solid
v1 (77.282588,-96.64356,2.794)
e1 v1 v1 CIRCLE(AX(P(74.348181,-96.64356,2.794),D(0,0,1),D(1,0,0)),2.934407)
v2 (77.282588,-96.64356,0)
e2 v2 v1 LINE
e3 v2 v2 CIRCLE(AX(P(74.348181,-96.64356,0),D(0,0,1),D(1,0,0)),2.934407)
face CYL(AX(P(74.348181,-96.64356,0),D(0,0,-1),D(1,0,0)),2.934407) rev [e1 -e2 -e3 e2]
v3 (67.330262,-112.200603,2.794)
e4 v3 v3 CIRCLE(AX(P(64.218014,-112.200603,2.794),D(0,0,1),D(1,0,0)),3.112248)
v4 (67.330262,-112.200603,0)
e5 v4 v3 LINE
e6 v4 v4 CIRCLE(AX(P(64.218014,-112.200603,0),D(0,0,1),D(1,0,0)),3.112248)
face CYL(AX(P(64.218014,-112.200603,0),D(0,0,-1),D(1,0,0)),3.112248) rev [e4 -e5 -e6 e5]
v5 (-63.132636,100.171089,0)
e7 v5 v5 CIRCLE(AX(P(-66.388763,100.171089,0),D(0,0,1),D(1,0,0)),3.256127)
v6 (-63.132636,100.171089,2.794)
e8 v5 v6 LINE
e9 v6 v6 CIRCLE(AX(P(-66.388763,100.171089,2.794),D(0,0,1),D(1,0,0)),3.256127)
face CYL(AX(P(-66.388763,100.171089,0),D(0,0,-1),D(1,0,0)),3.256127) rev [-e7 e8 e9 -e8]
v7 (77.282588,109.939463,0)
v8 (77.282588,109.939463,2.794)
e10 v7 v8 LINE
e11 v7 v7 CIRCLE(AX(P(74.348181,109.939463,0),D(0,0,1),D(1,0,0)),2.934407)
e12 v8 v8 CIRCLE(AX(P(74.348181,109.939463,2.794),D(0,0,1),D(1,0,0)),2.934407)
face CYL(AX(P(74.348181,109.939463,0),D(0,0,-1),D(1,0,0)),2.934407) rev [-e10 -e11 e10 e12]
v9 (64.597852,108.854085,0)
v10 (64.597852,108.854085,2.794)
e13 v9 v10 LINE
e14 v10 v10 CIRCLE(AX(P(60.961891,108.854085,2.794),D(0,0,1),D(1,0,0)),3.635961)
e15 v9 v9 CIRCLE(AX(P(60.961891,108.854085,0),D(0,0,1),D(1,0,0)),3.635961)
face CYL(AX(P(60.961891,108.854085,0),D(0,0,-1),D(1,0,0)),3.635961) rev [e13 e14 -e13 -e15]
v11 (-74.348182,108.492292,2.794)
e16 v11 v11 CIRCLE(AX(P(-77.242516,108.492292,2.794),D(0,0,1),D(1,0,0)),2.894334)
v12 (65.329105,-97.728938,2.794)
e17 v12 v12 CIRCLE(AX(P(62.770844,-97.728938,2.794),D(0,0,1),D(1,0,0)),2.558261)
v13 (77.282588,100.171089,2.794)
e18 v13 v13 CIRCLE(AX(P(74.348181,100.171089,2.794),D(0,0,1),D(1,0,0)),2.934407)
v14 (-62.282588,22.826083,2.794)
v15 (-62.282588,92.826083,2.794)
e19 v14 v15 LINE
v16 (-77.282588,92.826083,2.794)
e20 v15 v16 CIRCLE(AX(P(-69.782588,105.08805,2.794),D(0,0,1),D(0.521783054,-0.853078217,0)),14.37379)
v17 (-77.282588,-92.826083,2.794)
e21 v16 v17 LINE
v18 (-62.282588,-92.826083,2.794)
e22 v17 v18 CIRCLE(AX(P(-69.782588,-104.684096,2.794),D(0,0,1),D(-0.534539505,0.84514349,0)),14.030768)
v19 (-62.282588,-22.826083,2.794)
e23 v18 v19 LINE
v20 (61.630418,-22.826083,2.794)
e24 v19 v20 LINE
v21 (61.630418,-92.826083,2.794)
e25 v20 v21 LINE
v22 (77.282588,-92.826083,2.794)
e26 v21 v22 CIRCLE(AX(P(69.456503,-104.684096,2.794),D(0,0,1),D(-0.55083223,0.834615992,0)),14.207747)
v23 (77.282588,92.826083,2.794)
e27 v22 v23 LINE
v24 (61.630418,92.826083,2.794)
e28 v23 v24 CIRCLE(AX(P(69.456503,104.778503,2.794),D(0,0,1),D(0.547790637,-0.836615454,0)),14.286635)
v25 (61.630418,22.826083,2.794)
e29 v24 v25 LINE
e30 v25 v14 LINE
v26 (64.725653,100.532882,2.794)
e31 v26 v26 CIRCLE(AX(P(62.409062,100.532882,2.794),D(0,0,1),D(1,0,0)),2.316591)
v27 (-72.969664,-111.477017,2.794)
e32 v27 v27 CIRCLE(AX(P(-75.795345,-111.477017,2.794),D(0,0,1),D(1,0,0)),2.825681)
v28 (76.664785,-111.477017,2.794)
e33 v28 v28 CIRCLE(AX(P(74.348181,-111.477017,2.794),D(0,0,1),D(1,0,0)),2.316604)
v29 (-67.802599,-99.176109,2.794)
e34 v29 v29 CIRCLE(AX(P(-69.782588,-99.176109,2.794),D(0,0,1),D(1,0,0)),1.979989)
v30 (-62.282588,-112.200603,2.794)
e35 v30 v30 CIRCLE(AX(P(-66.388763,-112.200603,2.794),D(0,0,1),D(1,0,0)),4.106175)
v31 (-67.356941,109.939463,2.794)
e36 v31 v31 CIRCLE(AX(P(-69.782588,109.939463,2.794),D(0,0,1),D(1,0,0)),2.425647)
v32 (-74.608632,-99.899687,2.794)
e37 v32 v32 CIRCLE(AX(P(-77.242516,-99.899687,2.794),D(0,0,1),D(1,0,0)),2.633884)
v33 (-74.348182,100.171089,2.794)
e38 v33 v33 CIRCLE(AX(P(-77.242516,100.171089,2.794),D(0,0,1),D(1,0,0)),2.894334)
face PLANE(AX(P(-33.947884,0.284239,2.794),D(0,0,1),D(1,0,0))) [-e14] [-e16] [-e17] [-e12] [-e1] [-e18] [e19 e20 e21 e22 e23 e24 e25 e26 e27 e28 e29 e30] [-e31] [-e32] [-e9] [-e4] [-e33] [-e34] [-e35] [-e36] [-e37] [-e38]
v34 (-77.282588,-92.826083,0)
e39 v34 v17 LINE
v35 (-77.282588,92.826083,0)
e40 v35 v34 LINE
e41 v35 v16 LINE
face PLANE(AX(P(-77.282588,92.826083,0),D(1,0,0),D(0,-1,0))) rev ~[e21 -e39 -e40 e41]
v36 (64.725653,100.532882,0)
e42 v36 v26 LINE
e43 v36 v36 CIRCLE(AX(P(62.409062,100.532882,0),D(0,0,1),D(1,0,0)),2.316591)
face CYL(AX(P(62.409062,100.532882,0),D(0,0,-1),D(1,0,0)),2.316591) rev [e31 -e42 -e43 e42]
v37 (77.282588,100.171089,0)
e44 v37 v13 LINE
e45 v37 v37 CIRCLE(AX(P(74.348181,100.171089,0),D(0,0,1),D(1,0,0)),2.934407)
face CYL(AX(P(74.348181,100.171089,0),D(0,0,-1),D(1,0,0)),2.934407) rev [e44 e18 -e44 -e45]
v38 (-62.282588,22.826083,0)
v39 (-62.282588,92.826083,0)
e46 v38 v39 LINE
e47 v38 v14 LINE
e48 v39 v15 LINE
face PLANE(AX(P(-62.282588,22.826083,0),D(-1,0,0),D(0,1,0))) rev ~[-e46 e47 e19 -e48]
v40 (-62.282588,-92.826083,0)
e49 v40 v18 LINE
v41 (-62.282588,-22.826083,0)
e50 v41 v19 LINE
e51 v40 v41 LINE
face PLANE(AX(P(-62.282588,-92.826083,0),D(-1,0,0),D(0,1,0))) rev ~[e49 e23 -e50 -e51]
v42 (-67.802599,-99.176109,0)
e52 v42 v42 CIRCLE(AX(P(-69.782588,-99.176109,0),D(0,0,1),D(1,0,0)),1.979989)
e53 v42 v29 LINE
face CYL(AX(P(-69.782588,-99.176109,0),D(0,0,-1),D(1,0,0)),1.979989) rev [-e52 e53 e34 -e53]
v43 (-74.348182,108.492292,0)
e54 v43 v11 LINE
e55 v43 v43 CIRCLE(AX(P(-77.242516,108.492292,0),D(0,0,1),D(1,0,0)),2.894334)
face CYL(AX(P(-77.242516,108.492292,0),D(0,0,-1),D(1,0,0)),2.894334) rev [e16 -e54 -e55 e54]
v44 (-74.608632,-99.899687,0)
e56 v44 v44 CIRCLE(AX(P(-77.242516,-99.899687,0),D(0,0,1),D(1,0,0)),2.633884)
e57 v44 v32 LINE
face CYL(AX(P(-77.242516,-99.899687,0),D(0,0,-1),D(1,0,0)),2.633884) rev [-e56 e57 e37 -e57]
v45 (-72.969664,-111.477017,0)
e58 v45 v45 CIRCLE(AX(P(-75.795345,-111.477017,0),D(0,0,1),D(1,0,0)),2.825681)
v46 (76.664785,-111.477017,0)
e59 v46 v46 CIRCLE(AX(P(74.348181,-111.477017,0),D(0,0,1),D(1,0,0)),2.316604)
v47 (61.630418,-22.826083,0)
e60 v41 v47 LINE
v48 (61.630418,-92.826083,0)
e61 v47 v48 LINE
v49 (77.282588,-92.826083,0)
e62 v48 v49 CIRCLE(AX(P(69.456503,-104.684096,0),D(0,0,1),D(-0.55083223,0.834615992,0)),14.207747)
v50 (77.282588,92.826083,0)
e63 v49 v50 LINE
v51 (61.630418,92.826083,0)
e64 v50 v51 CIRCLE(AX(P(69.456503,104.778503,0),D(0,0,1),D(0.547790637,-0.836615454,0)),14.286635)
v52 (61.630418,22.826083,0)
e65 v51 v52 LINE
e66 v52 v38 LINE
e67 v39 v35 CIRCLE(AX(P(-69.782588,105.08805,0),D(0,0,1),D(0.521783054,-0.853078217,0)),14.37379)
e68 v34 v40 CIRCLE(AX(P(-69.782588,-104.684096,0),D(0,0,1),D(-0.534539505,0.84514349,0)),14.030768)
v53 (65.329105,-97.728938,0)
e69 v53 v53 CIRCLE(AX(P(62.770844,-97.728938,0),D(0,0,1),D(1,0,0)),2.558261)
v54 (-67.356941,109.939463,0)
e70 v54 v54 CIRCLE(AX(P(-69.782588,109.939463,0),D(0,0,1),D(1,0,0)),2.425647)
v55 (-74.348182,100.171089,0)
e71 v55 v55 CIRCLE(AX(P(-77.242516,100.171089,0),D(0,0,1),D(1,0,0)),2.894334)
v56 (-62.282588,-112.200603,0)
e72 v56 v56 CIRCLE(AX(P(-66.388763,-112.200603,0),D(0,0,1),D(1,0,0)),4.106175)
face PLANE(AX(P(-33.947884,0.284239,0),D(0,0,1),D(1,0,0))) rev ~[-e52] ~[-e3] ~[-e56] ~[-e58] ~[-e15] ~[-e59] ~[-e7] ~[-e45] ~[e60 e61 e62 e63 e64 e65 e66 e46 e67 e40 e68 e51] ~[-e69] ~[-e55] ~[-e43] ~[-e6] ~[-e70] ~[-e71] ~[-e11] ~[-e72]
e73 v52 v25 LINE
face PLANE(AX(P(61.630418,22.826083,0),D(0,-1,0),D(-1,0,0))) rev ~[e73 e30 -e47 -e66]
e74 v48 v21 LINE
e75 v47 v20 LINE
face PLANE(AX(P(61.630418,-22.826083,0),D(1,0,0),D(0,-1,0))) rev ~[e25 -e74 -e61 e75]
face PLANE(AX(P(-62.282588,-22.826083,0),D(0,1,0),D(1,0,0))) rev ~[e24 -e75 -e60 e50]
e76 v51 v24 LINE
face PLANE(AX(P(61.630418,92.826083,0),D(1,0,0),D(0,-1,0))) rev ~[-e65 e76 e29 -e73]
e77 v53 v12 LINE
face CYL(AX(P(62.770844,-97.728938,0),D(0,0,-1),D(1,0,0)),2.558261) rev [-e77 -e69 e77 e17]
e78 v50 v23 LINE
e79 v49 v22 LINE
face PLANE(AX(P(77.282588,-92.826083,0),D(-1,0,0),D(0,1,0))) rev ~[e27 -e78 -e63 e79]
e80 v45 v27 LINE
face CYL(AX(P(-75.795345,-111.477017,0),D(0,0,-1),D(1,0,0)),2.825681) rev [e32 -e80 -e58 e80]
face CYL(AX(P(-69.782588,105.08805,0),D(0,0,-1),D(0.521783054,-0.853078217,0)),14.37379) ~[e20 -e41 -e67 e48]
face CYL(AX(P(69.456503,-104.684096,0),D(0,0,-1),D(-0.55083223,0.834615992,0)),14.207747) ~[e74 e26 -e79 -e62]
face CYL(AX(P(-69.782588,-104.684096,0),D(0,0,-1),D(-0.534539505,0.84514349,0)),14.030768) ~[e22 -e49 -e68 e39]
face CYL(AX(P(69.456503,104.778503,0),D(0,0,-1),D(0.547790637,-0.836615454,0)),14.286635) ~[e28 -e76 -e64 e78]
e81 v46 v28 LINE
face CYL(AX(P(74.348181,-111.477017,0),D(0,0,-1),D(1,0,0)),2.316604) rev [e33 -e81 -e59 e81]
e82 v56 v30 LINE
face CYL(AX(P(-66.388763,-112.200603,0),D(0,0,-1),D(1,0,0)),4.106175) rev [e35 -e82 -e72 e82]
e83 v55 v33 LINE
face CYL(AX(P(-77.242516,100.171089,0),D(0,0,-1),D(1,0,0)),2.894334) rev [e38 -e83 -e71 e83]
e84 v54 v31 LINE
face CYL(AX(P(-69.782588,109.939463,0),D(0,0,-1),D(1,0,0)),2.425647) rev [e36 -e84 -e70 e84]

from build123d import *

# Parameters (mm, degrees)
F0_R     = 2.825681
F0_R_2   = 4.106175
F0_R_3   = 2.633884
F0_R_4   = 1.979989
F0_R_5   = 2.894334
F0_R_6   = 3.256127
F0_R_7   = 2.425647
F0_R_8   = 2.316591
F0_R_9   = 3.635961
F0_R_10  = 2.934407
F0_R_11  = 3.112248
F0_R_12  = 2.316604
F0_R_13  = 2.558261
F1_DEPTH = 2.794


with BuildPart() as f1:
    # F0 (on Top) → F1 (new body)
    with BuildSketch(Plane.XY):
        with BuildLine():
            Line((77.282588, -22.826083), (77.282588, 22.826083))
            Line((77.282588, 22.826083), (61.630418, 22.826083))
            Line((61.630418, 22.826083), (-62.282588, 22.826083))
            Line((-62.282588, 22.826083), (-62.282588, 92.826083))
            ThreePointArc((-62.282588, 92.826083), (-69.782588, 119.46184), (-77.282588, 92.826083))
            Line((-77.282588, 92.826083), (-77.282588, 22.826083))
            Line((-77.282588, 22.826083), (-77.282588, -22.826083))
            Line((-77.282588, -22.826083), (-77.282588, -92.826083))
            ThreePointArc((-77.282588, -92.826083), (-69.782588, -118.714864), (-62.282588, -92.826083))
            Line((-62.282588, -92.826083), (-62.282588, -22.826083))
            Line((-62.282588, -22.826083), (61.630418, -22.826083))
            Line((61.630418, -22.826083), (77.282588, -22.826083))
        make_face()
        with Locations((-75.795345, -111.477017)):
            Circle(F0_R, mode=Mode.SUBTRACT)
        with Locations((-66.388763, -112.200603)):
            Circle(F0_R_2, mode=Mode.SUBTRACT)
        with Locations((-77.242516, -99.899687)):
            Circle(F0_R_3, mode=Mode.SUBTRACT)
        with Locations((-69.782588, -99.176109)):
            Circle(F0_R_4, mode=Mode.SUBTRACT)
        with Locations((-77.242516, 100.171089)):
            Circle(F0_R_5, mode=Mode.SUBTRACT)
        with Locations((-66.388763, 100.171089)):
            Circle(F0_R_6, mode=Mode.SUBTRACT)
        with Locations((-77.242516, 108.492292)):
            Circle(F0_R_5, mode=Mode.SUBTRACT)
        with Locations((-69.782588, 109.939463)):
            Circle(F0_R_7, mode=Mode.SUBTRACT)
        with BuildLine():
            Line((61.630418, 22.826083), (77.282588, 22.826083))
            Line((77.282588, 22.826083), (77.282588, 92.826083))
            ThreePointArc((77.282588, 92.826083), (69.456503, 119.065138), (61.630418, 92.826083))
            Line((61.630418, 92.826083), (61.630418, 22.826083))
        make_face()
        with Locations((62.409062, 100.532882)):
            Circle(F0_R_8, mode=Mode.SUBTRACT)
        with Locations((60.961891, 108.854085)):
            Circle(F0_R_9, mode=Mode.SUBTRACT)
        with Locations((74.348181, 100.171089)):
            Circle(F0_R_10, mode=Mode.SUBTRACT)
        with Locations((74.348181, 109.939463)):
            Circle(F0_R_10, mode=Mode.SUBTRACT)
        with BuildLine():
            Line((77.282588, -92.826083), (77.282588, -22.826083))
            Line((77.282588, -22.826083), (61.630418, -22.826083))
            Line((61.630418, -22.826083), (61.630418, -92.826083))
            ThreePointArc((61.630418, -92.826083), (69.456503, -118.891843), (77.282588, -92.826083))
        make_face()
        with Locations((64.218014, -112.200603)):
            Circle(F0_R_11, mode=Mode.SUBTRACT)
        with Locations((74.348181, -111.477017)):
            Circle(F0_R_12, mode=Mode.SUBTRACT)
        with Locations((62.770844, -97.728938)):
            Circle(F0_R_13, mode=Mode.SUBTRACT)
        with Locations((74.348181, -96.64356)):
            Circle(F0_R_10, mode=Mode.SUBTRACT)
    extrude(amount=F1_DEPTH)


solid = f1.part
